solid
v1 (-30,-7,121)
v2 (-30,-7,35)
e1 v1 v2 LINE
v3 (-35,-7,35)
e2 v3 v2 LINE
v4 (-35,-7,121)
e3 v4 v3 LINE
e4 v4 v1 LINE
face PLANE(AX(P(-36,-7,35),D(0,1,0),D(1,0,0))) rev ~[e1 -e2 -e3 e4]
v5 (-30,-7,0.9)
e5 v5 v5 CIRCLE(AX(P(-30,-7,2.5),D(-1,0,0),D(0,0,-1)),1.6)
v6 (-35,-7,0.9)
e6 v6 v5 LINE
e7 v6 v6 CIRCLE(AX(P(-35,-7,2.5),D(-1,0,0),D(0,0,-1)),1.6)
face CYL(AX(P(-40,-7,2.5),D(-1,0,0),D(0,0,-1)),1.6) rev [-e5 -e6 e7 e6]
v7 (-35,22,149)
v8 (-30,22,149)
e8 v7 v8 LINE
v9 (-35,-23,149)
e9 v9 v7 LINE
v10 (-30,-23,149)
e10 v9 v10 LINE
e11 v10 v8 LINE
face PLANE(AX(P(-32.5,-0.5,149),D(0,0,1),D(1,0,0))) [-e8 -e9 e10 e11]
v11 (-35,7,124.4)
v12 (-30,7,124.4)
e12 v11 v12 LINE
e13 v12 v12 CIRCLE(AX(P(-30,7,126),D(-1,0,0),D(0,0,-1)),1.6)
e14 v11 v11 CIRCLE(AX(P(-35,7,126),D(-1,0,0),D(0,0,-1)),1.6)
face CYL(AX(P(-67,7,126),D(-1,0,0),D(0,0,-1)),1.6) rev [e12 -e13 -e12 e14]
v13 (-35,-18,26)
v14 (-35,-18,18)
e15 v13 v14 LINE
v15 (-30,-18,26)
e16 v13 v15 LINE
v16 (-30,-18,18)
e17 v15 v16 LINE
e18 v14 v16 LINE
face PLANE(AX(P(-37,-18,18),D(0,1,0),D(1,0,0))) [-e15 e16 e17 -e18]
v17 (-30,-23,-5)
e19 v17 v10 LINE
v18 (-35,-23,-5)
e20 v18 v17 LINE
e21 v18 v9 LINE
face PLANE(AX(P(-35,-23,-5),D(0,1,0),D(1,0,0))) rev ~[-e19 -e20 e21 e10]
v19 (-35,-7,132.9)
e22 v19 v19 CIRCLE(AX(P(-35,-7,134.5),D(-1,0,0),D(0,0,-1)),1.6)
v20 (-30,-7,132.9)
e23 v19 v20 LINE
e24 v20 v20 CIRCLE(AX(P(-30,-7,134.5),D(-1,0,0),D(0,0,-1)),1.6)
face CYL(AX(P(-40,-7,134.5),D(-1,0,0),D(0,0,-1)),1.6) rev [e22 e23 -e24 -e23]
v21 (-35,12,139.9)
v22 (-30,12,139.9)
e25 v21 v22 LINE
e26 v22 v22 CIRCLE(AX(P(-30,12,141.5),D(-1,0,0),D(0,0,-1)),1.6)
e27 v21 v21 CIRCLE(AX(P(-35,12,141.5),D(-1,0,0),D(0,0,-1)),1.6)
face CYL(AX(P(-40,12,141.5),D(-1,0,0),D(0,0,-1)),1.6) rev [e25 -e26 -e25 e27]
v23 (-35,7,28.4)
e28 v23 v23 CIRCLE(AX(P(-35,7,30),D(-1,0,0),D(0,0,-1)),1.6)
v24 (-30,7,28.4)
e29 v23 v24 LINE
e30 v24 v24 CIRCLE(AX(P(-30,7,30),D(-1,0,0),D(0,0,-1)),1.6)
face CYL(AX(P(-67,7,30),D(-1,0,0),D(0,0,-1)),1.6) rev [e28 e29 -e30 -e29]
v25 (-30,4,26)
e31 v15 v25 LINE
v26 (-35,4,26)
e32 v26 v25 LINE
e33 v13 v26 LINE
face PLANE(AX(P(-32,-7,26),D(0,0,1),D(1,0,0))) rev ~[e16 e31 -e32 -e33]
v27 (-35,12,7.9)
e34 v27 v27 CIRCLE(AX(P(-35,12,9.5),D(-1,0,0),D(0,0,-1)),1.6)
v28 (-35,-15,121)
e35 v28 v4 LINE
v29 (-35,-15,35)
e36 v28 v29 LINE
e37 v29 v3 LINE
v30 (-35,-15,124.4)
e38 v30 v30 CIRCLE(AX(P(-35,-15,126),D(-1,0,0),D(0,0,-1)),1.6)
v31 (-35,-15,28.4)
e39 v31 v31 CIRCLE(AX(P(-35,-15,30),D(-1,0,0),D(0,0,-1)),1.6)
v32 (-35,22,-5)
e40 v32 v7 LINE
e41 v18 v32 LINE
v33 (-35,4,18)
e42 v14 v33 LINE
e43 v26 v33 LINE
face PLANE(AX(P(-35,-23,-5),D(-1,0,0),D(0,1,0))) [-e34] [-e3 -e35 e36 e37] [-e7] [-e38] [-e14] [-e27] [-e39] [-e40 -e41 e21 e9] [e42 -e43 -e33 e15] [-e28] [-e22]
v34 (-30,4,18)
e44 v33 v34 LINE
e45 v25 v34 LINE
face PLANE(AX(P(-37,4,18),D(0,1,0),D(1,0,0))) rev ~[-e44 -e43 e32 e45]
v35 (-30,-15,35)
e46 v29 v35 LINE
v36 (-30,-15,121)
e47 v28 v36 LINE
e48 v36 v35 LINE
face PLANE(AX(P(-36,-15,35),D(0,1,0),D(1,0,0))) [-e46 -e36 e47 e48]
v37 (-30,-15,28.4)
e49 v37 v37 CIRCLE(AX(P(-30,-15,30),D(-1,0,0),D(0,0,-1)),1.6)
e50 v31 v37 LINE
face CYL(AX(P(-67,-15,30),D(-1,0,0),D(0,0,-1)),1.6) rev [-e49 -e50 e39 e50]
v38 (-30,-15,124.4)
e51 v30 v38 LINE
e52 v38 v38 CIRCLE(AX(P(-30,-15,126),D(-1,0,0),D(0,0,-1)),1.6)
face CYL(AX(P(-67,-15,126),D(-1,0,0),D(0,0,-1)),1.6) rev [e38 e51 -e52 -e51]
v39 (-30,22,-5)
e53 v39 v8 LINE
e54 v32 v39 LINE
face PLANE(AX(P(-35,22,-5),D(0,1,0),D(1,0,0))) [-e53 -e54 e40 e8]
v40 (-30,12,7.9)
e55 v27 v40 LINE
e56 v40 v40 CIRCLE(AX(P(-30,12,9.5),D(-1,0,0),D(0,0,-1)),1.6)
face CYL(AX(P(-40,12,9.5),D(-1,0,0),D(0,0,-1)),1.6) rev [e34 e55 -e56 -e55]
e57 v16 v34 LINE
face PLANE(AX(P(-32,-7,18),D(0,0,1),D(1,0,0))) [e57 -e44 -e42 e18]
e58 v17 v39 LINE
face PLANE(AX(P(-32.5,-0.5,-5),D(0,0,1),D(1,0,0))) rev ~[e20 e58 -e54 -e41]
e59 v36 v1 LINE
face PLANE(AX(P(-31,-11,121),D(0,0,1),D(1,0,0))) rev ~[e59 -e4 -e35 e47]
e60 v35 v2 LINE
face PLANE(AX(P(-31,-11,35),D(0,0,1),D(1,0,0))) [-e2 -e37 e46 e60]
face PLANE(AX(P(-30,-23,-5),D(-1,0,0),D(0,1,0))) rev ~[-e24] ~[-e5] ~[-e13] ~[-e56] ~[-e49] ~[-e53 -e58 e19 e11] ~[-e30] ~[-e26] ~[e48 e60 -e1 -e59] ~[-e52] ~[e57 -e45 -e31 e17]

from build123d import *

# Parameters (mm, degrees)
CYLINDER081_R           = 1.6
CYLINDER081_DEPTH       = 40
CYLINDER081_PITCH_ANGLE = 90
CYLINDER077_R           = 1.6
CYLINDER077_DEPTH       = 40
CYLINDER077_PITCH_ANGLE = 90
CYLINDER076_R           = 1.6
CYLINDER076_DEPTH       = 40
CYLINDER076_PITCH_ANGLE = 90
CYLINDER080_R           = 1.6
CYLINDER080_DEPTH       = 40
CYLINDER080_PITCH_ANGLE = 90
CYLINDER079_R           = 1.6
CYLINDER079_DEPTH       = 40
CYLINDER079_PITCH_ANGLE = 90
CYLINDER078_R           = 1.6
CYLINDER078_DEPTH       = 40
CYLINDER078_PITCH_ANGLE = 90
BOX028_W                = 10
BOX028_H                = 22
BOX028_DEPTH            = 8
CYLINDER019_R           = 1.6
CYLINDER019_DEPTH       = 40
CYLINDER019_PITCH_ANGLE = 90
CYLINDER018_R           = 1.6
CYLINDER018_DEPTH       = 40
CYLINDER018_PITCH_ANGLE = 90
CYLINDER017_R           = 1.6
CYLINDER017_DEPTH       = 40
CYLINDER016_R           = 1.6
CYLINDER016_DEPTH       = 70
CYLINDER016_ROLL_ANGLE  = 90
CYLINDER015_R           = 1.6
CYLINDER015_DEPTH       = 40
BOX016_W                = 10
BOX016_H                = 8
BOX016_DEPTH            = 86
BOX014_W                = 5
BOX014_H                = 45
BOX014_DEPTH            = 154


with BuildPart() as cylinder359:
    # Cylinder081 → Cylinder081 (new body)
    with BuildSketch(Plane.XY):
        Circle(CYLINDER081_R)
    extrude(amount=CYLINDER081_DEPTH)


with BuildPart() as cylinder359_1:
    # Cylinder081 pitch: moved
    add(cylinder359.part.rotate(Axis((0, 0, 0), (0, 1, 0)), CYLINDER081_PITCH_ANGLE))


with BuildPart() as cylinder359_2:
    # Cylinder081 placement: moved
    add(cylinder359_1.part.moved(Location((-67, 7, 126))))


with BuildPart() as cylinder355:
    # Cylinder077 → Cylinder077 (new body)
    with BuildSketch(Plane.XY):
        Circle(CYLINDER077_R)
    extrude(amount=CYLINDER077_DEPTH)


with BuildPart() as cylinder355_1:
    # Cylinder077 pitch: moved
    add(cylinder355.part.rotate(Axis((0, 0, 0), (0, 1, 0)), CYLINDER077_PITCH_ANGLE))


with BuildPart() as cylinder355_2:
    # Cylinder077 placement: moved
    add(cylinder355_1.part.moved(Location((-67, -15, 30))))


with BuildPart() as rocker_screw_holes_d001:
    # Cylinder076 → Cylinder076 (new body)
    with BuildSketch(Plane.XY):
        Circle(CYLINDER076_R)
    extrude(amount=CYLINDER076_DEPTH)


with BuildPart() as rocker_screw_holes_d001_1:
    # Cylinder076 pitch: moved
    add(rocker_screw_holes_d001.part.rotate(Axis((0, 0, 0), (0, 1, 0)), CYLINDER076_PITCH_ANGLE))


with BuildPart() as rocker_screw_holes_d001_2:
    # Cylinder076 placement: moved
    add(rocker_screw_holes_d001_1.part.moved(Location((-87, -7, 30))))

    # Fusion051: union Cylinder355
    add(cylinder355_2.part)


with BuildPart() as rocker_screw_holes_d001_3:
    # Fusion051 placement: moved
    add(rocker_screw_holes_d001_2.part.moved(Location((0, 0, 96))))

    # Fusion054: union Cylinder359
    add(cylinder359_2.part)


with BuildPart() as cylinder358:
    # Cylinder080 → Cylinder080 (new body)
    with BuildSketch(Plane.XY):
        Circle(CYLINDER080_R)
    extrude(amount=CYLINDER080_DEPTH)


with BuildPart() as cylinder358_1:
    # Cylinder080 pitch: moved
    add(cylinder358.part.rotate(Axis((0, 0, 0), (0, 1, 0)), CYLINDER080_PITCH_ANGLE))


with BuildPart() as cylinder358_2:
    # Cylinder080 placement: moved
    add(cylinder358_1.part.moved(Location((-67, 7, 30))))


with BuildPart() as cylinder357:
    # Cylinder079 → Cylinder079 (new body)
    with BuildSketch(Plane.XY):
        Circle(CYLINDER079_R)
    extrude(amount=CYLINDER079_DEPTH)


with BuildPart() as cylinder357_1:
    # Cylinder079 pitch: moved
    add(cylinder357.part.rotate(Axis((0, 0, 0), (0, 1, 0)), CYLINDER079_PITCH_ANGLE))


with BuildPart() as cylinder357_2:
    # Cylinder079 placement: moved
    add(cylinder357_1.part.moved(Location((-67, -15, 30))))


with BuildPart() as rocker_screw_holes_c001:
    # Cylinder078 → Cylinder078 (new body)
    with BuildSketch(Plane.XY):
        Circle(CYLINDER078_R)
    extrude(amount=CYLINDER078_DEPTH)


with BuildPart() as rocker_screw_holes_c001_1:
    # Cylinder078 pitch: moved
    add(rocker_screw_holes_c001.part.rotate(Axis((0, 0, 0), (0, 1, 0)), CYLINDER078_PITCH_ANGLE))


with BuildPart() as rocker_screw_holes_c001_2:
    # Cylinder078 placement: moved
    add(rocker_screw_holes_c001_1.part.moved(Location((-87, -7, 30))))

    # Fusion052: union Cylinder357
    add(cylinder357_2.part)

    # Fusion053: union Cylinder358
    add(cylinder358_2.part)


with BuildPart() as cube016:
    # Box028 → Box028 (new body)
    with BuildSketch(Plane(origin=(-37, -18, 18), x_dir=(1, 0, 0), z_dir=(0, 0, 1))):
        with Locations((5, 11)):
            Rectangle(BOX028_W, BOX028_H)
    extrude(amount=BOX028_DEPTH)


with BuildPart() as cylinder100:
    # Cylinder019 → Cylinder019 (new body)
    with BuildSketch(Plane.XY):
        Circle(CYLINDER019_R)
    extrude(amount=CYLINDER019_DEPTH)


with BuildPart() as cylinder100_1:
    # Cylinder019 pitch: moved
    add(cylinder100.part.rotate(Axis((0, 0, 0), (0, 1, 0)), CYLINDER019_PITCH_ANGLE))


with BuildPart() as cylinder100_2:
    # Cylinder019 placement: moved
    add(cylinder100_1.part.moved(Location((-40, 12, 9.5))))


with BuildPart() as fusion011:
    # Cylinder018 → Cylinder018 (new body)
    with BuildSketch(Plane.XY):
        Circle(CYLINDER018_R)
    extrude(amount=CYLINDER018_DEPTH)


with BuildPart() as fusion011_1:
    # Cylinder018 pitch: moved
    add(fusion011.part.rotate(Axis((0, 0, 0), (0, 1, 0)), CYLINDER018_PITCH_ANGLE))


with BuildPart() as fusion011_2:
    # Cylinder018 placement: moved
    add(fusion011_1.part.moved(Location((-40, -7, 2.5))))

    # Fusion011: union Cylinder100
    add(cylinder100_2.part)


with BuildPart() as fusion012:
    # Cylinder017 → Cylinder017 (new body)
    with BuildSketch(Plane(origin=(-27.5, 7, -15), x_dir=(1, 0, 0), z_dir=(0, 0, 1))):
        Circle(CYLINDER017_R)
    extrude(amount=CYLINDER017_DEPTH)

    # Fusion012: union Fusion011
    add(fusion011_2.part)


with BuildPart() as fusion013:
    # Cylinder016 → Cylinder016 (new body)
    with BuildSketch(Plane.XY):
        Circle(CYLINDER016_R)
    extrude(amount=CYLINDER016_DEPTH)


with BuildPart() as fusion013_1:
    # Cylinder016 roll: moved
    add(fusion013.part.rotate(Axis((0, 0, 0), (1, 0, 0)), CYLINDER016_ROLL_ANGLE))


with BuildPart() as fusion013_2:
    # Cylinder016 placement: moved
    add(fusion013_1.part.moved(Location((-24, 39, 6))))

    # Fusion013: union Fusion012
    add(fusion012.part)


with BuildPart() as cylinder008:
    # Cylinder015 → Cylinder015 (new body)
    with BuildSketch(Plane(origin=(-20.5, -12, -15), x_dir=(1, 0, 0), z_dir=(0, 0, 1))):
        Circle(CYLINDER015_R)
    extrude(amount=CYLINDER015_DEPTH)


with BuildPart() as face_corner_holes010:
    # Fusion024 base: copy of Cylinder008
    add(cylinder008.part)

    # Fusion024: union Fusion013
    add(fusion013_2.part)


with BuildPart() as face_corner_holes010_1:
    # Fusion024 placement: moved
    add(face_corner_holes010.part.moved(Location((0, 0, 132))))


with BuildPart() as face_corner_holes:
    # Fusion014 base: copy of Cylinder008
    add(cylinder008.part)

    # Fusion014: union Fusion013
    add(fusion013_2.part)


with BuildPart() as string_hole:
    # Box016 → Box016 (new body)
    with BuildSketch(Plane(origin=(-36, -15, 35), x_dir=(1, 0, 0), z_dir=(0, 0, 1))):
        with Locations((5, 4)):
            Rectangle(BOX016_W, BOX016_H)
    extrude(amount=BOX016_DEPTH)


with BuildPart() as bottom_a:
    # Box014 → Box014 (new body)
    with BuildSketch(Plane(origin=(-35, -23, -5), x_dir=(1, 0, 0), z_dir=(0, 0, 1))):
        with Locations((2.5, 22.5)):
            Rectangle(BOX014_W, BOX014_H)
    extrude(amount=BOX014_DEPTH)

    # Cut007: cut string-hole
    add(string_hole.part, mode=Mode.SUBTRACT)

    # Cut012: cut face-corner-holes
    add(face_corner_holes.part, mode=Mode.SUBTRACT)

    # Cut021: cut face-corner-holes010
    add(face_corner_holes010_1.part, mode=Mode.SUBTRACT)

    # Cut034: cut Cube016
    add(cube016.part, mode=Mode.SUBTRACT)

    # Cut043: cut rocker-screw-holes-c001
    add(rocker_screw_holes_c001_2.part, mode=Mode.SUBTRACT)

    # Cut044: cut rocker-screw-holes-d001
    add(rocker_screw_holes_d001_3.part, mode=Mode.SUBTRACT)


solid = bottom_a.part
